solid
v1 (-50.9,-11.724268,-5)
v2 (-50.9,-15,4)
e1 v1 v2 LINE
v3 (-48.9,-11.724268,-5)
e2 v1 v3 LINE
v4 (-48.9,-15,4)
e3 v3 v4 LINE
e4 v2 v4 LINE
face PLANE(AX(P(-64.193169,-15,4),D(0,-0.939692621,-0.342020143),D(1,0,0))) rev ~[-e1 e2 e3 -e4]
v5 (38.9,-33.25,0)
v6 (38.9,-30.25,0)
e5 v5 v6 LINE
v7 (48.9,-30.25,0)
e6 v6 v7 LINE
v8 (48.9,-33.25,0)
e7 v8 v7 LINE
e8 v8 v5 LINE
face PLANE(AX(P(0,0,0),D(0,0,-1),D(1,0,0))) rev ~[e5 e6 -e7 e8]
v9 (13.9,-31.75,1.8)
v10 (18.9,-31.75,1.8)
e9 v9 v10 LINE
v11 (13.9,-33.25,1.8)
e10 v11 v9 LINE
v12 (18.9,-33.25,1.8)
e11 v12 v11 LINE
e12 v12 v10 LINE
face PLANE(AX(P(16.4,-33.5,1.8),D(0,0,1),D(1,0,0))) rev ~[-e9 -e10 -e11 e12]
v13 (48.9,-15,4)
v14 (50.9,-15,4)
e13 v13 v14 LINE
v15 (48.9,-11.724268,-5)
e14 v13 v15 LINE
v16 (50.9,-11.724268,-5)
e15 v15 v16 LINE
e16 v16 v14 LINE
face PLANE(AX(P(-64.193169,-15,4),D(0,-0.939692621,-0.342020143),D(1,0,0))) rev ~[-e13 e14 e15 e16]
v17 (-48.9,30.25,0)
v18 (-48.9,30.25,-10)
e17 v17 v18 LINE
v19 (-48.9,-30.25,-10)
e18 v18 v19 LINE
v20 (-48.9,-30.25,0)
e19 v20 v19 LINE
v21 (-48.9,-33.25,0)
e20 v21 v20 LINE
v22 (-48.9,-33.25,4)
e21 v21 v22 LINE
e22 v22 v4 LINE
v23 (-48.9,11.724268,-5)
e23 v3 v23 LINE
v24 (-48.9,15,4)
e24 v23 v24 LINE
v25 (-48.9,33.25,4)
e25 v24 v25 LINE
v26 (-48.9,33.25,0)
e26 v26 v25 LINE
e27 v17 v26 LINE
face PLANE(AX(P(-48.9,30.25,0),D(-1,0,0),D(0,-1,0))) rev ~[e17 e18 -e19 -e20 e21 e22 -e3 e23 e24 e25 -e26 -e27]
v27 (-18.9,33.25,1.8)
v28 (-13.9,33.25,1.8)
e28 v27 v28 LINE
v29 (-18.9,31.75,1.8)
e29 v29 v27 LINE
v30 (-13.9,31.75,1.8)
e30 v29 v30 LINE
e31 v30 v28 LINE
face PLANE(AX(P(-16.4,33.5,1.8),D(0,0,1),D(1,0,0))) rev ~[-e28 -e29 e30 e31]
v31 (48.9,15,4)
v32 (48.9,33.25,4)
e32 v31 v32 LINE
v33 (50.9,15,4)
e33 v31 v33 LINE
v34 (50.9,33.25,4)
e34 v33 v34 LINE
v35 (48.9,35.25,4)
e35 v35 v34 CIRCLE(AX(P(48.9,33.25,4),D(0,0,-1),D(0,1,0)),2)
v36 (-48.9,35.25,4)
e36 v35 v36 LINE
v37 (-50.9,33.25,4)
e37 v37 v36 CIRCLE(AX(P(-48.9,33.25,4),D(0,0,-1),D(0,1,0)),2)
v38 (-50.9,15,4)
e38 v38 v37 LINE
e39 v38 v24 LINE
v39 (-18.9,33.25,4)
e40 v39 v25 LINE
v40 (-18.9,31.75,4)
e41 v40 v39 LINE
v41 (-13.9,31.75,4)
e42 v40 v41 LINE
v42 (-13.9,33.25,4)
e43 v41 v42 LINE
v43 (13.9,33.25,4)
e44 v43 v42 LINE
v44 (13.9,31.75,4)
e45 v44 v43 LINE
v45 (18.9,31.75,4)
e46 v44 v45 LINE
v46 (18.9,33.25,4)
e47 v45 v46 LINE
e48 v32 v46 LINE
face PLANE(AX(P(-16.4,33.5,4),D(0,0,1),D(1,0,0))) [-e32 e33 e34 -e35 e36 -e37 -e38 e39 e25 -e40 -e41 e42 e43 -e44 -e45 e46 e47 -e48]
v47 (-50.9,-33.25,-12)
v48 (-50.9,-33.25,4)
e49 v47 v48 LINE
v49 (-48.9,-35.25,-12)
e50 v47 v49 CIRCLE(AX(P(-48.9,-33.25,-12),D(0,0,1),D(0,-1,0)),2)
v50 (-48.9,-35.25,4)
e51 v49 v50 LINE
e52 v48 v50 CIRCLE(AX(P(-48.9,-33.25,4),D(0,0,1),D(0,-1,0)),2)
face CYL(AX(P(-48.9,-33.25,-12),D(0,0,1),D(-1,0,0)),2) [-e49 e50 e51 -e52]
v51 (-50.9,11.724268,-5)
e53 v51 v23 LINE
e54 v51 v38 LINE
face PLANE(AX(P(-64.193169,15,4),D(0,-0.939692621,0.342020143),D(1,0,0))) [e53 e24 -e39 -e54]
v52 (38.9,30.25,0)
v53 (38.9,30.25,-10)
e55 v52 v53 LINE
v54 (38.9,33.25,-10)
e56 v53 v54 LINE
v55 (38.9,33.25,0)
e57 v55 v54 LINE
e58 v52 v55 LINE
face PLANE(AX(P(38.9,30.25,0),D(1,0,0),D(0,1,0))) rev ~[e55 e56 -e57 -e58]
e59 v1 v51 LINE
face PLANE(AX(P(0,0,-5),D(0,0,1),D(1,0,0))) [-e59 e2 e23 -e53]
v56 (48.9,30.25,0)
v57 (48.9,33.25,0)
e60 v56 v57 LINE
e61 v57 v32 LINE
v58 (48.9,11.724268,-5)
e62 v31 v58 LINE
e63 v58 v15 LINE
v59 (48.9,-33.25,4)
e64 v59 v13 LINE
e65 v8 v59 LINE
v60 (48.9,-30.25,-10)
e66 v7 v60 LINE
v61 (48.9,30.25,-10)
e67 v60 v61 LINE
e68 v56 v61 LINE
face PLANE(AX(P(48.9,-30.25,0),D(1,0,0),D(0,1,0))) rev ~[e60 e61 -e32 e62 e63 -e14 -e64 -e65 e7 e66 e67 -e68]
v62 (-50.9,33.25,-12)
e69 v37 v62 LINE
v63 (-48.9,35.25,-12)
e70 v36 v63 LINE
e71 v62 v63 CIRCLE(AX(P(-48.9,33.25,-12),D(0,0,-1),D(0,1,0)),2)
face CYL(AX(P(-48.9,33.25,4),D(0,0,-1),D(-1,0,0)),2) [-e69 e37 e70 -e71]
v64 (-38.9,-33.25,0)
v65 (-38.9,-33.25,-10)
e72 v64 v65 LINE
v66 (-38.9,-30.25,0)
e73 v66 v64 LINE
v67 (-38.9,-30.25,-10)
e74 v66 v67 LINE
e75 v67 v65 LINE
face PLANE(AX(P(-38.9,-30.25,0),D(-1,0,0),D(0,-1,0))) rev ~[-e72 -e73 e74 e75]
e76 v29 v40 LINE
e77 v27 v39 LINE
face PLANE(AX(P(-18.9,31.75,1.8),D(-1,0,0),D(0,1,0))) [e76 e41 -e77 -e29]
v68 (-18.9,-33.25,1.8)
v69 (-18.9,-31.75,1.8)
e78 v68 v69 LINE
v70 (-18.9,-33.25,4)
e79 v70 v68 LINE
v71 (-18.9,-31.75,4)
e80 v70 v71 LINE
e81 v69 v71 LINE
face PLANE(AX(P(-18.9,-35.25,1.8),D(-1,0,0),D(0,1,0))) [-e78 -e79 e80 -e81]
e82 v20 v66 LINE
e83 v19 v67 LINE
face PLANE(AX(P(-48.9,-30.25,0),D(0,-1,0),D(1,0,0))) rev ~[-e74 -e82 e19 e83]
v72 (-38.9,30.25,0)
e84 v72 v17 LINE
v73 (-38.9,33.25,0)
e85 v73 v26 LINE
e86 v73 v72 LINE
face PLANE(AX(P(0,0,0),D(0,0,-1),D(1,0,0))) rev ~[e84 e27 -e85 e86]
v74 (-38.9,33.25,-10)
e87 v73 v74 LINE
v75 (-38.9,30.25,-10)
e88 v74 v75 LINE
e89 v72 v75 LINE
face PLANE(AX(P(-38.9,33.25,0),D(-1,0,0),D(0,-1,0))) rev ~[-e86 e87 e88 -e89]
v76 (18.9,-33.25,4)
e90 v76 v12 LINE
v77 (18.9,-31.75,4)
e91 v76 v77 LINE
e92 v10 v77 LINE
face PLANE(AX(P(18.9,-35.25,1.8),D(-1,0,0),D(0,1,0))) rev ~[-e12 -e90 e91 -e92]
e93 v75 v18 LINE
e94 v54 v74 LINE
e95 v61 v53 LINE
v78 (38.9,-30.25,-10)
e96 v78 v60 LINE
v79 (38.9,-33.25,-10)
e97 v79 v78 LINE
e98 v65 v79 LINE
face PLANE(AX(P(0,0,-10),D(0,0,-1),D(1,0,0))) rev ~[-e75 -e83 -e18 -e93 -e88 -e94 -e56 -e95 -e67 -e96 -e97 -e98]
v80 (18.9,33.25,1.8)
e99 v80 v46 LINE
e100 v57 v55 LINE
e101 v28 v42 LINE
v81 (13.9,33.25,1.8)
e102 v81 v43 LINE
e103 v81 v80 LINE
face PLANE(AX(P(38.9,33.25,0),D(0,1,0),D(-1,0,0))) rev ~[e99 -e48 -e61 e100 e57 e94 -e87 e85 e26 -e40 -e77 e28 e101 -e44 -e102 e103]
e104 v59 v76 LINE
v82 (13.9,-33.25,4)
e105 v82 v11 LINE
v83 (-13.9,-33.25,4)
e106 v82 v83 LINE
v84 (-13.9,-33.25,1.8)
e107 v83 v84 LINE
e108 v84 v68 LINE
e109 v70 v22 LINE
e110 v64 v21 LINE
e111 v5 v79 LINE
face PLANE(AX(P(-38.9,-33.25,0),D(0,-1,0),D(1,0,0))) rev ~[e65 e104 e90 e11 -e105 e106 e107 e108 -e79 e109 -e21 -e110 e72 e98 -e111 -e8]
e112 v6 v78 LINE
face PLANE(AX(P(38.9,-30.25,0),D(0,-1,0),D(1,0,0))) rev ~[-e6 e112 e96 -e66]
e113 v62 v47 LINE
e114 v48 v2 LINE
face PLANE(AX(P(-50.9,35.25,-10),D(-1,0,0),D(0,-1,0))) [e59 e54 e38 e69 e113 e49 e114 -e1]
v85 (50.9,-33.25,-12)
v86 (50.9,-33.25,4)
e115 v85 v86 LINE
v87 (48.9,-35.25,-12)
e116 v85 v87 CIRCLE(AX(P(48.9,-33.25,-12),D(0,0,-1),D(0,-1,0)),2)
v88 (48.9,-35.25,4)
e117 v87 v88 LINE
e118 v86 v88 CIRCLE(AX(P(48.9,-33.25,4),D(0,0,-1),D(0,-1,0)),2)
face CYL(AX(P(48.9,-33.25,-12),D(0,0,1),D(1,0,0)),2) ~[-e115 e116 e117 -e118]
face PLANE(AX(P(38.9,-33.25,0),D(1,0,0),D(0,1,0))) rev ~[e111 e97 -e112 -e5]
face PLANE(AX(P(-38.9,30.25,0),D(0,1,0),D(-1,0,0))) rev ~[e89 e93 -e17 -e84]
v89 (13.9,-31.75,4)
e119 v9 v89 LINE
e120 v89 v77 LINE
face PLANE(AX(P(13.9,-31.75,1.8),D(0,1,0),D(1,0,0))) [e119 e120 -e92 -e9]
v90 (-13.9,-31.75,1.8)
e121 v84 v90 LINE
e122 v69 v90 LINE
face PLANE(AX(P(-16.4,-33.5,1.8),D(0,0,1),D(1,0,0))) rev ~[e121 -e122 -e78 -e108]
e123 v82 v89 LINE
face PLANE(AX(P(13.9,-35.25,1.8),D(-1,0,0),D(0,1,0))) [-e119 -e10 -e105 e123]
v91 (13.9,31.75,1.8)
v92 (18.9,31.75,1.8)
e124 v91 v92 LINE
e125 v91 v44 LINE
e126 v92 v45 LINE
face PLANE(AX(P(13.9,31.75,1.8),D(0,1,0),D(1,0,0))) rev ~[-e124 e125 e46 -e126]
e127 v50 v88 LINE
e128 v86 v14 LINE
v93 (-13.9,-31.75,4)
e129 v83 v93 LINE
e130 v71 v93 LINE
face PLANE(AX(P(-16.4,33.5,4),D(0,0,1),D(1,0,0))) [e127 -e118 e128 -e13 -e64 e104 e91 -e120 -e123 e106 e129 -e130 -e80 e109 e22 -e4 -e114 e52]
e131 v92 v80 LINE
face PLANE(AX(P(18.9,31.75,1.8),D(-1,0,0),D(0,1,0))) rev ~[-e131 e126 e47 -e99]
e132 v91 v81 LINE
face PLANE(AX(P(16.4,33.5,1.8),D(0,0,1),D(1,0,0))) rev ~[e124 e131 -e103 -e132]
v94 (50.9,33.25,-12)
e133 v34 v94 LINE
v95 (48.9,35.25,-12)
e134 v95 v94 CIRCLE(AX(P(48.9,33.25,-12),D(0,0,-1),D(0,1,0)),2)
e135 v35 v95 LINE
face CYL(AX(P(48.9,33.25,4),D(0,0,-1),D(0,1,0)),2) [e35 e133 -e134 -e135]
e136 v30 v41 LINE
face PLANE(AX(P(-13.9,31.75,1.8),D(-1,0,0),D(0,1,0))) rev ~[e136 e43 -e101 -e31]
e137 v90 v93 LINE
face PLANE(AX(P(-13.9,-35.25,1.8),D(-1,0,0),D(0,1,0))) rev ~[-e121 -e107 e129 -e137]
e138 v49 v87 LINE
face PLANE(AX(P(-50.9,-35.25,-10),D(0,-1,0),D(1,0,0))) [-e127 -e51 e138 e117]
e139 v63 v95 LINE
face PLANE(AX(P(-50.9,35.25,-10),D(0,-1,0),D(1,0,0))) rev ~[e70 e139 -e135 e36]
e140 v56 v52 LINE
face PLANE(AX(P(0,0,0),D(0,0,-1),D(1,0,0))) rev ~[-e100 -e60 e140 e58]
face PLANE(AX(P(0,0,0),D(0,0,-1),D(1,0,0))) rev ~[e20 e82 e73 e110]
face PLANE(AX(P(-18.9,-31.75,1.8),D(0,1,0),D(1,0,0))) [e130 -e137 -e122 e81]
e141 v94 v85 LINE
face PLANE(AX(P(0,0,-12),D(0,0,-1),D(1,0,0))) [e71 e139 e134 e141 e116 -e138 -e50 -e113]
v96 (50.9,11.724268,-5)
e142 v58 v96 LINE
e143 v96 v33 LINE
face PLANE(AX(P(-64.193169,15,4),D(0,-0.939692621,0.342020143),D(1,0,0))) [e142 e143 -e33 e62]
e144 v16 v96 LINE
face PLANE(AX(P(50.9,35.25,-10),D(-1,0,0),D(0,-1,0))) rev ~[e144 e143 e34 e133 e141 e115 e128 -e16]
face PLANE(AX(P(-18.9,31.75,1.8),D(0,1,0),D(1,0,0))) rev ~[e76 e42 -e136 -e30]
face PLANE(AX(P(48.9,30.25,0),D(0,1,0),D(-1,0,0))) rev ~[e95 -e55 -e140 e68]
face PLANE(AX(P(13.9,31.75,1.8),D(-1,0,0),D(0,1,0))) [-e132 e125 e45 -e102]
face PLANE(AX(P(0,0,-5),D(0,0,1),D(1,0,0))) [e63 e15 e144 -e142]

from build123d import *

# Parameters (mm, degrees)
SKETCH1_W                            = 70.5
SKETCH1_H                            = 101.8
SKETCH1_W_2                          = 66.5
SKETCH1_H_2                          = 97.8
BOSS_EXTRUDE1_BOARD_4MM_DEPTH        = 4
SKETCH2_W                            = 101.8
SKETCH2_H                            = 70.5
BOSS_EXTRUDE2_UNDER_10MS_DEPTH       = 10
SKETCH3_W                            = 101.8
SKETCH3_H                            = 70.5
BOSS_EXTRUDE3_BOTTOM_COVER_2MM_DEPTH = 2
SKETCH4_W                            = 5
SKETCH4_H                            = 3.5
BOSS_EXTRUDE4_DEPTH                  = 2.2
SKETCH5_W                            = 128.386338002
SKETCH5_H                            = 30
CUT_EXTRUDE1_CUT_USB_DEPTH           = 9
CUT_EXTRUDE1_CUT_USB_DRAFT           = -20
FILLET1_R                            = 2


with BuildPart() as part:
    # Sketch1 → Boss-Extrude1-board-4mm (new body)
    with BuildSketch(Plane(origin=(0, 0, 0), x_dir=(0, 1, 0), z_dir=(0, 0, 1))):
        Rectangle(SKETCH1_W, SKETCH1_H)
        Rectangle(SKETCH1_W_2, SKETCH1_H_2, mode=Mode.SUBTRACT)
    extrude(amount=BOSS_EXTRUDE1_BOARD_4MM_DEPTH)

    # Sketch2 → Boss-Extrude2-under-10ms (add)
    with BuildSketch(Plane(origin=(0, 0, 0), x_dir=(1, 0, 0), z_dir=(0, 0, -1))):
        Rectangle(SKETCH2_W, SKETCH2_H)
        Polygon((-48.9, 30.25), (-38.9, 30.25), (-38.9, 33.25), (38.9, 33.25), (38.9, 30.25), (48.9, 30.25), (48.9, -30.25), (38.9, -30.25), (38.9, -33.25), (-38.9, -33.25), (-38.9, -30.25), (-48.9, -30.25), align=None, mode=Mode.SUBTRACT)
    extrude(amount=BOSS_EXTRUDE2_UNDER_10MS_DEPTH)

    # Sketch3 → Boss-Extrude3-bottom-cover-2mm (add)
    with BuildSketch(Plane(origin=(0, 0, -10), x_dir=(1, 0, 0), z_dir=(0, 0, -1))):
        Rectangle(SKETCH3_W, SKETCH3_H)
    extrude(amount=BOSS_EXTRUDE3_BOTTOM_COVER_2MM_DEPTH)

    # Sketch4 → Boss-Extrude4 (add)
    with BuildSketch(Plane.XY.offset(1.8)):
        with Locations((-16.4, 33.5)):
            Rectangle(SKETCH4_W, SKETCH4_H)
        with Locations((-16.4, -33.5)):
            Rectangle(SKETCH4_W, SKETCH4_H)
        with Locations((16.4, -33.5)):
            Rectangle(SKETCH4_W, SKETCH4_H)
        with Locations((16.4, 33.5)):
            Rectangle(SKETCH4_W, SKETCH4_H)
    extrude(amount=BOSS_EXTRUDE4_DEPTH)


with BuildPart() as cut_extrude1_cut_usb_tool:
    # Sketch5 → Cut-Extrude1-cut-usb (with draft: the straight prism first)
    with BuildSketch(Plane.XY.offset(4)):
        Rectangle(SKETCH5_W, SKETCH5_H)
    extrude(amount=-CUT_EXTRUDE1_CUT_USB_DEPTH)
    # Cut-Extrude1-cut-usb: the draft: its side faces are tilted about the plane it starts from
    cut_extrude1_cut_usb_sides = [cut_extrude1_cut_usb_tool.faces().sort_by_distance(p)[0] for p in [
        (0, -15, -0.5),
        (64.193169001, 0, -0.5),
        (0, 15, -0.5),
        (-64.193169001, 0, -0.5),
    ]]
    draft(cut_extrude1_cut_usb_sides, Plane.XY.offset(4), CUT_EXTRUDE1_CUT_USB_DRAFT)


with BuildPart() as part_1:
    add(part.part)

    # Cut-Extrude1-cut-usb: cut by cut_extrude1_cut_usb_tool
    add(cut_extrude1_cut_usb_tool.part, mode=Mode.SUBTRACT)

    # Fillet1
    fillet1_edges = [part_1.edges().sort_by_distance(p)[0] for p in [
        (50.9, -35.25, -4),
        (-50.9, -35.25, -4),
        (-50.9, 35.25, -4),
        (50.9, 35.25, -4),
    ]]
    fillet(fillet1_edges, radius=FILLET1_R)


solid = part_1.part
